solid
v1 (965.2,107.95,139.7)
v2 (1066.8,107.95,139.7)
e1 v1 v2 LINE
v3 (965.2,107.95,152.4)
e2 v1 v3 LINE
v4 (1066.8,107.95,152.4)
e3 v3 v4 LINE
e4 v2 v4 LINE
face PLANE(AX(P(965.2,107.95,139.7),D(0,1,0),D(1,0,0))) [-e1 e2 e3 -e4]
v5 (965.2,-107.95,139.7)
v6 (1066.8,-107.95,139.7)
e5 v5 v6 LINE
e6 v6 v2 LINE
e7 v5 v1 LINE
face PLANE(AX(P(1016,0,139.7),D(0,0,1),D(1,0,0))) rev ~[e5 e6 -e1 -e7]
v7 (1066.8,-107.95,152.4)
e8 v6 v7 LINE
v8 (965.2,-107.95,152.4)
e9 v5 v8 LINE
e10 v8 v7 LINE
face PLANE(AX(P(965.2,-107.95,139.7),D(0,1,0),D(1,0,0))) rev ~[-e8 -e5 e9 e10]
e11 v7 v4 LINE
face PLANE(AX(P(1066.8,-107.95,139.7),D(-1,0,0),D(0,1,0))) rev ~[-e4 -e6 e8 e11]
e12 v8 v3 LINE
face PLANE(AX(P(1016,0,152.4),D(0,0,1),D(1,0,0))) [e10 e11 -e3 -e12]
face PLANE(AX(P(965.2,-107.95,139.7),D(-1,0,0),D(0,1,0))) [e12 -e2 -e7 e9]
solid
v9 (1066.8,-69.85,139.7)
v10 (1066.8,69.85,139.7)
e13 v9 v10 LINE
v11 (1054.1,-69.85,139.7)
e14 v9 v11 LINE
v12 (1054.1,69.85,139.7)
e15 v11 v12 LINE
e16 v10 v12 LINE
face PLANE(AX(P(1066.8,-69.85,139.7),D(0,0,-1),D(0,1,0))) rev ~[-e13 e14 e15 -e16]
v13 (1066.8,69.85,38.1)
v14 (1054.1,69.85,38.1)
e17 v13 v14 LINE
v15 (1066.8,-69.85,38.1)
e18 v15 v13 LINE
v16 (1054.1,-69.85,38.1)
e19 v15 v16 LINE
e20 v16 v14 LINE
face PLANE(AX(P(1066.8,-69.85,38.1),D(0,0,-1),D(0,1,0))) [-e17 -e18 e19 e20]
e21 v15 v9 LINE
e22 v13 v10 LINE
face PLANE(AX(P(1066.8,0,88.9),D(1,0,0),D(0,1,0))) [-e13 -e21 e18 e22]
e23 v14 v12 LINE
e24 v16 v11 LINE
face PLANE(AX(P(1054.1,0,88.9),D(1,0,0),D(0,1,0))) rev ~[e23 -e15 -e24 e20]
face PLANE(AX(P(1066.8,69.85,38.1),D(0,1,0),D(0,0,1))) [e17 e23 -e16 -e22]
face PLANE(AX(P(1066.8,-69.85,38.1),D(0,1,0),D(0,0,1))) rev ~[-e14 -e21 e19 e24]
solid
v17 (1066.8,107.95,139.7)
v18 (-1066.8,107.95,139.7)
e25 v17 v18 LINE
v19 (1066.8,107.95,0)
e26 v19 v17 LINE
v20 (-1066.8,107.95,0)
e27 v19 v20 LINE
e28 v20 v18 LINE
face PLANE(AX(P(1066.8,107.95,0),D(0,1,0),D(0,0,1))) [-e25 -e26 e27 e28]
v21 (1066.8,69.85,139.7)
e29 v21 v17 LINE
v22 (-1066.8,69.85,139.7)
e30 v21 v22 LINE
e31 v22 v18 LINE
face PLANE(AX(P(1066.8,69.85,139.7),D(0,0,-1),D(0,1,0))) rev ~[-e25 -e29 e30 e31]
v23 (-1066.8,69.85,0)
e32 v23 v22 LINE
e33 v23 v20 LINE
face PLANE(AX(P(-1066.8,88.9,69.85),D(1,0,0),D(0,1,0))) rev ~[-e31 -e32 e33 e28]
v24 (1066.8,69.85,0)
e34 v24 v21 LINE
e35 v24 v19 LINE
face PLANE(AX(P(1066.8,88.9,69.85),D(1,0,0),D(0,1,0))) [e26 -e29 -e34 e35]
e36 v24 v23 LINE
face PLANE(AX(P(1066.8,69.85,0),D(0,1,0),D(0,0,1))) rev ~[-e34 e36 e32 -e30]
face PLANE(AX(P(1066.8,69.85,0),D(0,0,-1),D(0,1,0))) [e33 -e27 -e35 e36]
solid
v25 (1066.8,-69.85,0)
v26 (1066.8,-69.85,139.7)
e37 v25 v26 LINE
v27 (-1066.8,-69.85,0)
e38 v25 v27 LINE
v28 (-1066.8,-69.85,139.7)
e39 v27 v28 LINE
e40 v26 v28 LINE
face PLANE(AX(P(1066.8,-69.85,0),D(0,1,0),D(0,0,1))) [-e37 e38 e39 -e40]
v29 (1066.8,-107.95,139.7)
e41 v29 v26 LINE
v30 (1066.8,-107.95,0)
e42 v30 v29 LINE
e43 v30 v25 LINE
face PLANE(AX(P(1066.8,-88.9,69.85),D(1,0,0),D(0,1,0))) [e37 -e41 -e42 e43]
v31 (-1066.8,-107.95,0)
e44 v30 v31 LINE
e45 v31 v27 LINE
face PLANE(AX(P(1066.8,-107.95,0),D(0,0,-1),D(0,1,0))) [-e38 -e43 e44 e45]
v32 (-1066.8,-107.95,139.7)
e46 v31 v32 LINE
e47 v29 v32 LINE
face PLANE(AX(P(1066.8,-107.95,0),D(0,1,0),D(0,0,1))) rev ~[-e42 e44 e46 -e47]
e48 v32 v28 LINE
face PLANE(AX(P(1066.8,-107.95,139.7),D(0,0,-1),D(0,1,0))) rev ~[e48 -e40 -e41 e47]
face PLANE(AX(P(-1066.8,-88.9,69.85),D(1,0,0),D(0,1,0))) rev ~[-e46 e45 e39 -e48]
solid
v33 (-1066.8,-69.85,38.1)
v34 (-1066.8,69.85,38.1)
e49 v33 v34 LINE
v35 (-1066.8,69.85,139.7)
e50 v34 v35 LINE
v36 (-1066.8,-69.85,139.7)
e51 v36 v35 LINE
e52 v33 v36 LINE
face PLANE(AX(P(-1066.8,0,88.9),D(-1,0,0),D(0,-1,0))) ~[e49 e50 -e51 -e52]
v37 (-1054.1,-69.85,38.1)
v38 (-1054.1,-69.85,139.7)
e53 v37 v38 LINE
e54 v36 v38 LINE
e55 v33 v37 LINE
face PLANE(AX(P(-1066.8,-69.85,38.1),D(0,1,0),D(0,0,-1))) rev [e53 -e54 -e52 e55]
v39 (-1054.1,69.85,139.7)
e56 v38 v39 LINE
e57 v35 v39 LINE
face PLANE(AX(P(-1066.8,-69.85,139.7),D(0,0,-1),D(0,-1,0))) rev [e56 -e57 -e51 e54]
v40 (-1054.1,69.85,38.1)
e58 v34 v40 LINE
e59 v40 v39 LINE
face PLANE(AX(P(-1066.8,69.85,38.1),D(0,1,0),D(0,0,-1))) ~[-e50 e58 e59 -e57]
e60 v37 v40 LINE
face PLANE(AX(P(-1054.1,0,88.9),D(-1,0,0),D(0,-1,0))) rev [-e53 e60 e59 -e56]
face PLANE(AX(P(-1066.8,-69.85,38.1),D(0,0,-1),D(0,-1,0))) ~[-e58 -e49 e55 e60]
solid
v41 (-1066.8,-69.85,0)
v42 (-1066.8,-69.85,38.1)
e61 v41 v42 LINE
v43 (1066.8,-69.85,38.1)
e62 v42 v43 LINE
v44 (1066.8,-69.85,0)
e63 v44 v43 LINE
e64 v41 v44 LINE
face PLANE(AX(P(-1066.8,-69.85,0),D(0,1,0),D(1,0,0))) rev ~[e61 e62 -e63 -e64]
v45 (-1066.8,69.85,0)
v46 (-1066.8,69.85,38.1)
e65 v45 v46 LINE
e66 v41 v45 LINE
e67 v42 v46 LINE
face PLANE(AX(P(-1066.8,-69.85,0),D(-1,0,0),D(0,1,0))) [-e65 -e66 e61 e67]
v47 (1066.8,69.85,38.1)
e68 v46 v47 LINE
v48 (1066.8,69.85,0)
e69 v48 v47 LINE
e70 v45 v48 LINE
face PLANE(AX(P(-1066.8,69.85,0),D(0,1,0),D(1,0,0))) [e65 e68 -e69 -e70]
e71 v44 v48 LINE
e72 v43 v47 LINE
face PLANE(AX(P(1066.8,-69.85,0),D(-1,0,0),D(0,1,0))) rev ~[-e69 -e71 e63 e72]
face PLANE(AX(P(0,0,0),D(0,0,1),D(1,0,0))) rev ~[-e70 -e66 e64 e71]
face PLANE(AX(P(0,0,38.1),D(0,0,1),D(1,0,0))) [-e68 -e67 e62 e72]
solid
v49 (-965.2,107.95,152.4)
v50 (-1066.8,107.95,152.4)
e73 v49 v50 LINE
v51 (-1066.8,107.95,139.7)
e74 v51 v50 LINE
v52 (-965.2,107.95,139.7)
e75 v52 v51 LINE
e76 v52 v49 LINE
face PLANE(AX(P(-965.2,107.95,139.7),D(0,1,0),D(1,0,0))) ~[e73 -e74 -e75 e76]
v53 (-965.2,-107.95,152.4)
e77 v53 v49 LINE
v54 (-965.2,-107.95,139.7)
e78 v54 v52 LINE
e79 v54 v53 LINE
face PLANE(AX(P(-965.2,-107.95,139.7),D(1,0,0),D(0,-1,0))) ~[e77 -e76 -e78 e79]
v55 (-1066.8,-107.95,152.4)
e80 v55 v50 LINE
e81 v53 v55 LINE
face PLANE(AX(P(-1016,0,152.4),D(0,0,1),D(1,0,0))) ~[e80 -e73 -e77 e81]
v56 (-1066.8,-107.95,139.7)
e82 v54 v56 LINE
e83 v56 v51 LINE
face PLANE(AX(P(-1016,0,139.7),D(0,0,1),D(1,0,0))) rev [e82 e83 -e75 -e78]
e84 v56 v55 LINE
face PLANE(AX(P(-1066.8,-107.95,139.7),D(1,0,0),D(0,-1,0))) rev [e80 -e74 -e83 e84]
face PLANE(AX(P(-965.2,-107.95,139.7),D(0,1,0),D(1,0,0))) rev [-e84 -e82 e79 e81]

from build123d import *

# Parameters (mm, degrees)
F0_W     = 2133.6
F0_H     = 139.7
F1_DEPTH = 38.1
F2_W     = 38.1
F2_H     = 139.7
F3_DEPTH = 2133.6
F4_W     = 139.7
F4_H     = 101.6
F5_DEPTH = 12.7
F6_W     = 101.6
F6_H     = 215.9
F7_DEPTH = 12.7


with BuildPart() as f1:
    # F0 (on Top) → F1 (new body)
    with BuildSketch(Plane.XY):
        Rectangle(F0_W, F0_H)
    extrude(amount=F1_DEPTH)


with BuildPart() as f3:
    # F2 (on face) → F3 (new body, through all)
    with BuildSketch(Plane.YZ.offset(1066.8)):
        with Locations((88.9, 69.85)):
            Rectangle(F2_W, F2_H)
        with Locations((-88.9, 69.85)):
            Rectangle(F2_W, F2_H)
    extrude(amount=-F3_DEPTH)


with BuildPart() as f5:
    # F4 (on face) → F5 (new body)
    with BuildSketch(Plane.YZ.offset(1066.8)):
        with Locations((0, 88.9)):
            Rectangle(F4_W, F4_H)
    extrude(amount=-F5_DEPTH)


with BuildPart() as f7:
    # F6 (on face) → F7 (new body)
    with BuildSketch(Plane.XY.offset(139.7)):
        with Locations((1016, 0)):
            Rectangle(F6_W, F6_H)
    extrude(amount=F7_DEPTH)


with BuildPart() as f8_1:
    # F8: instance of F7
    add(f7.part.mirror(Plane.YZ))


with BuildPart() as f8_2:
    # F8: instance of F5
    add(f5.part.mirror(Plane.YZ))


solid = Compound([f1.part, f3.part, f5.part, f7.part, f8_1.part, f8_2.part])
